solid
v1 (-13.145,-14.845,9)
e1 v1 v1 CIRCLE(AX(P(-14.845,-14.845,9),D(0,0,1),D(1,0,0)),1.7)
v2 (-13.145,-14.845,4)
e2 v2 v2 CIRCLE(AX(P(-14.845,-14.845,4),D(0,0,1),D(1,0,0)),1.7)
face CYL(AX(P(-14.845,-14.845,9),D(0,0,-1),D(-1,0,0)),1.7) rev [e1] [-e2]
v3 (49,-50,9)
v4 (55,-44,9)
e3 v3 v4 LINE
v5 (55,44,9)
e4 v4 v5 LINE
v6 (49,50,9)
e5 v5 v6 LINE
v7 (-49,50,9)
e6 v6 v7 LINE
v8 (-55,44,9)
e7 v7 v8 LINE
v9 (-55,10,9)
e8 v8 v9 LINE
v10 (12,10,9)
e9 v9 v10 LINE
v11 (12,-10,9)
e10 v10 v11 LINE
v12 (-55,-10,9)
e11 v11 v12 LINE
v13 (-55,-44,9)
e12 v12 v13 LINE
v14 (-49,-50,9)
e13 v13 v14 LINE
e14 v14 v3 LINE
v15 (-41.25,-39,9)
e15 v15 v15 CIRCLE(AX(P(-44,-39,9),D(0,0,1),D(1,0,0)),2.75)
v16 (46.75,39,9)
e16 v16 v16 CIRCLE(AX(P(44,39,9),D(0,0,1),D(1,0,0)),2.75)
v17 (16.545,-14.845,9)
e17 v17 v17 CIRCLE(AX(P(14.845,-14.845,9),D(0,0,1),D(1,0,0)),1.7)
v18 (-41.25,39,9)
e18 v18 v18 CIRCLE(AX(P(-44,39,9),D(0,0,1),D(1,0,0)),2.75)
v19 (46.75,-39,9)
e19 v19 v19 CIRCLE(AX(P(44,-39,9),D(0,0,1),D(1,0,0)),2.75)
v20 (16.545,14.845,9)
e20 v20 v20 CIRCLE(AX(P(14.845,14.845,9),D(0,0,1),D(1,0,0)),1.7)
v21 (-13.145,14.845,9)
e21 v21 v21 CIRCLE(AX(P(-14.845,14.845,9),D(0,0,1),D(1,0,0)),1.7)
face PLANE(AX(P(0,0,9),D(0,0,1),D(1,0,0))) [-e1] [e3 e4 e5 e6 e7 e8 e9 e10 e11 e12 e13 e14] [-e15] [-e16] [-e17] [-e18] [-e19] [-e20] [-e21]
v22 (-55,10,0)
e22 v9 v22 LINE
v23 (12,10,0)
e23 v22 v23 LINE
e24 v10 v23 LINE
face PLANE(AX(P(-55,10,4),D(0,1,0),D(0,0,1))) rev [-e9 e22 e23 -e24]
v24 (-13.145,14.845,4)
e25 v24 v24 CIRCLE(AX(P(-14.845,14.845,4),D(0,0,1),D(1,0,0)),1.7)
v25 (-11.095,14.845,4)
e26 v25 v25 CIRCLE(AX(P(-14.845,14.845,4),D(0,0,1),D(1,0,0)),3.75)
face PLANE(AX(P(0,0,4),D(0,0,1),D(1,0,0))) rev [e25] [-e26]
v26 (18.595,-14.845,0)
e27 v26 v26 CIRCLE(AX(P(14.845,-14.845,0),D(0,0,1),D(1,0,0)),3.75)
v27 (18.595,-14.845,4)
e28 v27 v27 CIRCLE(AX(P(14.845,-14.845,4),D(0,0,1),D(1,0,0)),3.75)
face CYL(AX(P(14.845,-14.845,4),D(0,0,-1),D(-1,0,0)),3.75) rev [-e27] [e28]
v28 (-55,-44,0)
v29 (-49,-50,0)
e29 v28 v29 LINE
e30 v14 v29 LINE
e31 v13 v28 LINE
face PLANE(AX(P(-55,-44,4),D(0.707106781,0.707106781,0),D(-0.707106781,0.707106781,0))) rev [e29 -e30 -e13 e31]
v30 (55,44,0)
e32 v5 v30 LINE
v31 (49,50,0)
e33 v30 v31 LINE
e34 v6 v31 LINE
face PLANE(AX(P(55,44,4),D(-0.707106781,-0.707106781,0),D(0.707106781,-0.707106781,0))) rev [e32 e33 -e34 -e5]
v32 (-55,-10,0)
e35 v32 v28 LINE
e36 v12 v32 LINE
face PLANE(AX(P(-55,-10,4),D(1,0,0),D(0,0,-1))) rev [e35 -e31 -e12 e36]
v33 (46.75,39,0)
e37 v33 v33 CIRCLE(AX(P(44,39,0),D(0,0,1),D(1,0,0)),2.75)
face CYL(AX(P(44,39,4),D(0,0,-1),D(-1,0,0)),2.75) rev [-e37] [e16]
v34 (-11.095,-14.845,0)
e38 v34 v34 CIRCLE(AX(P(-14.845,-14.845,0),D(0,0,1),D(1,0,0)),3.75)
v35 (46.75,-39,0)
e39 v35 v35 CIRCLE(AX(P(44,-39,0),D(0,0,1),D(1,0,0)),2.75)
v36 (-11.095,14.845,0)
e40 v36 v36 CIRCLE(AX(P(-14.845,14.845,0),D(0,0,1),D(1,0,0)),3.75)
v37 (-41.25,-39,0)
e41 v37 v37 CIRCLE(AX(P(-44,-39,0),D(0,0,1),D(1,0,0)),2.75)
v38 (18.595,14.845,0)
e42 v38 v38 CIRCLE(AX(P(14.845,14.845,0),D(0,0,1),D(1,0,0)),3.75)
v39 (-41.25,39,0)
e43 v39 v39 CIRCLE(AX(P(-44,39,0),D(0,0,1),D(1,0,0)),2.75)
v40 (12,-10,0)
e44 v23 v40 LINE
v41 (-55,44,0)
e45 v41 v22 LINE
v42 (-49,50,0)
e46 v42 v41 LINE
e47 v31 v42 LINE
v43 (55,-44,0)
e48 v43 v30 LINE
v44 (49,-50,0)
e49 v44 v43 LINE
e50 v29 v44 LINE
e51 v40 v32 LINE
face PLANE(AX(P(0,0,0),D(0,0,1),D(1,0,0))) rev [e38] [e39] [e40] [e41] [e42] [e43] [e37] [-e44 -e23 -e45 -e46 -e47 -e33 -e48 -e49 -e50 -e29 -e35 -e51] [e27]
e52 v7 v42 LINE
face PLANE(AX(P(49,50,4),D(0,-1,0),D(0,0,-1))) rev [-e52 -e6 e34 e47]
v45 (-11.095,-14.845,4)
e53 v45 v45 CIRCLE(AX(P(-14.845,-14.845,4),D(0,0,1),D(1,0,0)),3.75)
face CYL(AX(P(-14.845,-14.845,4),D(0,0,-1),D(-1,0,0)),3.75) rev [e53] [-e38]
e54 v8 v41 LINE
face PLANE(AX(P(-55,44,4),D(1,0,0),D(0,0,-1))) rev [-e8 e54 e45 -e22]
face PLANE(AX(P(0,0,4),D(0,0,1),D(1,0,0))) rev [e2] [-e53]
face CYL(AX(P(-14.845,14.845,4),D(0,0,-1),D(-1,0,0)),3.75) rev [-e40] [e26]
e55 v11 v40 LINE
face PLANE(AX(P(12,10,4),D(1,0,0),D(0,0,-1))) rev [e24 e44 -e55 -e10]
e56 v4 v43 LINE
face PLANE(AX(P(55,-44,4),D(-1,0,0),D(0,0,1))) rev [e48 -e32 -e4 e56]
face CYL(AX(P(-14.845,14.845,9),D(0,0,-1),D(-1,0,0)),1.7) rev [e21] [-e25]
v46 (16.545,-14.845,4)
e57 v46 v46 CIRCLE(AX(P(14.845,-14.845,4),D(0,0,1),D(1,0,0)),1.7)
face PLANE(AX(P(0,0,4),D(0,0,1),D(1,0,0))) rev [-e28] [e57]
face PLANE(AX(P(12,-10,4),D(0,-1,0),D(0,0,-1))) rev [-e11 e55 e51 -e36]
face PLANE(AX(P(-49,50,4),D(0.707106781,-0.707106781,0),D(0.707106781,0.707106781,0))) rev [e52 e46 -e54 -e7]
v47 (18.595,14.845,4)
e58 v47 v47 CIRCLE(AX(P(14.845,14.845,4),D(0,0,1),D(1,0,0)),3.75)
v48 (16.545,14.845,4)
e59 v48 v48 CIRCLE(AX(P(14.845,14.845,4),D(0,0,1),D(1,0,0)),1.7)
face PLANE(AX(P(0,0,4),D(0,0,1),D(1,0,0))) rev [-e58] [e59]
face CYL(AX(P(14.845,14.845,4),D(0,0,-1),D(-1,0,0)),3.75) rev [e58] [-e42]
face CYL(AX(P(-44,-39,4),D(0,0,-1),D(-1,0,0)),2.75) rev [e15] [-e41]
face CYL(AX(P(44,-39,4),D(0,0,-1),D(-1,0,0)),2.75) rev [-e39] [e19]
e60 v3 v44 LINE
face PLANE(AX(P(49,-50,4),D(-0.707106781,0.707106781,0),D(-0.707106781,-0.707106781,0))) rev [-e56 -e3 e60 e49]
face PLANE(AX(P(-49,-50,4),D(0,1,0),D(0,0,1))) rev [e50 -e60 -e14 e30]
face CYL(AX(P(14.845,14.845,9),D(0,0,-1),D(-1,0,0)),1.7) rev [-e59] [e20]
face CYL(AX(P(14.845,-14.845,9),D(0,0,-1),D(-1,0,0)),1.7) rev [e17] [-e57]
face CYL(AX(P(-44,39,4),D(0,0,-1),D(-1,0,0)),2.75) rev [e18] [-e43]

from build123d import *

# Parameters (mm, degrees)
SKETCH_1_R        = 3.75
SKETCH_1_R_2      = 2.75
EXTRUDE_250_DEPTH = 4
EXTRUDE_START     = 4
SKETCH_2_R        = 1.7
SKETCH_2_R_2      = 2.75
EXTRUDE_354_DEPTH = 5


with BuildPart() as part:
    # 草图1 → Extrude 250 (new body)
    with BuildSketch(Plane.XY):
        Polygon((-55, -44), (-49, -50), (49, -50), (55, -44), (55, 44), (49, 50), (-49, 50), (-55, 44), (-55, 10), (12, 10), (12, -10), (-55, -10), align=None)
        with Locations((-14.845, -14.845)):
            Circle(SKETCH_1_R, mode=Mode.SUBTRACT)
        with Locations((-14.845, 14.845)):
            Circle(SKETCH_1_R, mode=Mode.SUBTRACT)
        with Locations((14.845, -14.845)):
            Circle(SKETCH_1_R, mode=Mode.SUBTRACT)
        with Locations((14.845, 14.845)):
            Circle(SKETCH_1_R, mode=Mode.SUBTRACT)
        with Locations((-44, -39)):
            Circle(SKETCH_1_R_2, mode=Mode.SUBTRACT)
        with Locations((-44, 39)):
            Circle(SKETCH_1_R_2, mode=Mode.SUBTRACT)
        with Locations((44, -39)):
            Circle(SKETCH_1_R_2, mode=Mode.SUBTRACT)
        with Locations((44, 39)):
            Circle(SKETCH_1_R_2, mode=Mode.SUBTRACT)
    extrude(amount=EXTRUDE_250_DEPTH)

    # 草图2 → Extrude 354 (add)
    with BuildSketch(Plane.XY.offset(EXTRUDE_START)):
        Polygon((-55, -44), (-49, -50), (49, -50), (55, -44), (55, 44), (49, 50), (-49, 50), (-55, 44), (-55, 10), (12, 10), (12, -10), (-55, -10), align=None)
        with Locations((-14.845, -14.845)):
            Circle(SKETCH_2_R, mode=Mode.SUBTRACT)
        with Locations((-14.845, 14.845)):
            Circle(SKETCH_2_R, mode=Mode.SUBTRACT)
        with Locations((14.845, -14.845)):
            Circle(SKETCH_2_R, mode=Mode.SUBTRACT)
        with Locations((14.845, 14.845)):
            Circle(SKETCH_2_R, mode=Mode.SUBTRACT)
        with Locations((-44, -39)):
            Circle(SKETCH_2_R_2, mode=Mode.SUBTRACT)
        with Locations((-44, 39)):
            Circle(SKETCH_2_R_2, mode=Mode.SUBTRACT)
        with Locations((44, -39)):
            Circle(SKETCH_2_R_2, mode=Mode.SUBTRACT)
        with Locations((44, 39)):
            Circle(SKETCH_2_R_2, mode=Mode.SUBTRACT)
    extrude(amount=EXTRUDE_354_DEPTH)


solid = part.part
